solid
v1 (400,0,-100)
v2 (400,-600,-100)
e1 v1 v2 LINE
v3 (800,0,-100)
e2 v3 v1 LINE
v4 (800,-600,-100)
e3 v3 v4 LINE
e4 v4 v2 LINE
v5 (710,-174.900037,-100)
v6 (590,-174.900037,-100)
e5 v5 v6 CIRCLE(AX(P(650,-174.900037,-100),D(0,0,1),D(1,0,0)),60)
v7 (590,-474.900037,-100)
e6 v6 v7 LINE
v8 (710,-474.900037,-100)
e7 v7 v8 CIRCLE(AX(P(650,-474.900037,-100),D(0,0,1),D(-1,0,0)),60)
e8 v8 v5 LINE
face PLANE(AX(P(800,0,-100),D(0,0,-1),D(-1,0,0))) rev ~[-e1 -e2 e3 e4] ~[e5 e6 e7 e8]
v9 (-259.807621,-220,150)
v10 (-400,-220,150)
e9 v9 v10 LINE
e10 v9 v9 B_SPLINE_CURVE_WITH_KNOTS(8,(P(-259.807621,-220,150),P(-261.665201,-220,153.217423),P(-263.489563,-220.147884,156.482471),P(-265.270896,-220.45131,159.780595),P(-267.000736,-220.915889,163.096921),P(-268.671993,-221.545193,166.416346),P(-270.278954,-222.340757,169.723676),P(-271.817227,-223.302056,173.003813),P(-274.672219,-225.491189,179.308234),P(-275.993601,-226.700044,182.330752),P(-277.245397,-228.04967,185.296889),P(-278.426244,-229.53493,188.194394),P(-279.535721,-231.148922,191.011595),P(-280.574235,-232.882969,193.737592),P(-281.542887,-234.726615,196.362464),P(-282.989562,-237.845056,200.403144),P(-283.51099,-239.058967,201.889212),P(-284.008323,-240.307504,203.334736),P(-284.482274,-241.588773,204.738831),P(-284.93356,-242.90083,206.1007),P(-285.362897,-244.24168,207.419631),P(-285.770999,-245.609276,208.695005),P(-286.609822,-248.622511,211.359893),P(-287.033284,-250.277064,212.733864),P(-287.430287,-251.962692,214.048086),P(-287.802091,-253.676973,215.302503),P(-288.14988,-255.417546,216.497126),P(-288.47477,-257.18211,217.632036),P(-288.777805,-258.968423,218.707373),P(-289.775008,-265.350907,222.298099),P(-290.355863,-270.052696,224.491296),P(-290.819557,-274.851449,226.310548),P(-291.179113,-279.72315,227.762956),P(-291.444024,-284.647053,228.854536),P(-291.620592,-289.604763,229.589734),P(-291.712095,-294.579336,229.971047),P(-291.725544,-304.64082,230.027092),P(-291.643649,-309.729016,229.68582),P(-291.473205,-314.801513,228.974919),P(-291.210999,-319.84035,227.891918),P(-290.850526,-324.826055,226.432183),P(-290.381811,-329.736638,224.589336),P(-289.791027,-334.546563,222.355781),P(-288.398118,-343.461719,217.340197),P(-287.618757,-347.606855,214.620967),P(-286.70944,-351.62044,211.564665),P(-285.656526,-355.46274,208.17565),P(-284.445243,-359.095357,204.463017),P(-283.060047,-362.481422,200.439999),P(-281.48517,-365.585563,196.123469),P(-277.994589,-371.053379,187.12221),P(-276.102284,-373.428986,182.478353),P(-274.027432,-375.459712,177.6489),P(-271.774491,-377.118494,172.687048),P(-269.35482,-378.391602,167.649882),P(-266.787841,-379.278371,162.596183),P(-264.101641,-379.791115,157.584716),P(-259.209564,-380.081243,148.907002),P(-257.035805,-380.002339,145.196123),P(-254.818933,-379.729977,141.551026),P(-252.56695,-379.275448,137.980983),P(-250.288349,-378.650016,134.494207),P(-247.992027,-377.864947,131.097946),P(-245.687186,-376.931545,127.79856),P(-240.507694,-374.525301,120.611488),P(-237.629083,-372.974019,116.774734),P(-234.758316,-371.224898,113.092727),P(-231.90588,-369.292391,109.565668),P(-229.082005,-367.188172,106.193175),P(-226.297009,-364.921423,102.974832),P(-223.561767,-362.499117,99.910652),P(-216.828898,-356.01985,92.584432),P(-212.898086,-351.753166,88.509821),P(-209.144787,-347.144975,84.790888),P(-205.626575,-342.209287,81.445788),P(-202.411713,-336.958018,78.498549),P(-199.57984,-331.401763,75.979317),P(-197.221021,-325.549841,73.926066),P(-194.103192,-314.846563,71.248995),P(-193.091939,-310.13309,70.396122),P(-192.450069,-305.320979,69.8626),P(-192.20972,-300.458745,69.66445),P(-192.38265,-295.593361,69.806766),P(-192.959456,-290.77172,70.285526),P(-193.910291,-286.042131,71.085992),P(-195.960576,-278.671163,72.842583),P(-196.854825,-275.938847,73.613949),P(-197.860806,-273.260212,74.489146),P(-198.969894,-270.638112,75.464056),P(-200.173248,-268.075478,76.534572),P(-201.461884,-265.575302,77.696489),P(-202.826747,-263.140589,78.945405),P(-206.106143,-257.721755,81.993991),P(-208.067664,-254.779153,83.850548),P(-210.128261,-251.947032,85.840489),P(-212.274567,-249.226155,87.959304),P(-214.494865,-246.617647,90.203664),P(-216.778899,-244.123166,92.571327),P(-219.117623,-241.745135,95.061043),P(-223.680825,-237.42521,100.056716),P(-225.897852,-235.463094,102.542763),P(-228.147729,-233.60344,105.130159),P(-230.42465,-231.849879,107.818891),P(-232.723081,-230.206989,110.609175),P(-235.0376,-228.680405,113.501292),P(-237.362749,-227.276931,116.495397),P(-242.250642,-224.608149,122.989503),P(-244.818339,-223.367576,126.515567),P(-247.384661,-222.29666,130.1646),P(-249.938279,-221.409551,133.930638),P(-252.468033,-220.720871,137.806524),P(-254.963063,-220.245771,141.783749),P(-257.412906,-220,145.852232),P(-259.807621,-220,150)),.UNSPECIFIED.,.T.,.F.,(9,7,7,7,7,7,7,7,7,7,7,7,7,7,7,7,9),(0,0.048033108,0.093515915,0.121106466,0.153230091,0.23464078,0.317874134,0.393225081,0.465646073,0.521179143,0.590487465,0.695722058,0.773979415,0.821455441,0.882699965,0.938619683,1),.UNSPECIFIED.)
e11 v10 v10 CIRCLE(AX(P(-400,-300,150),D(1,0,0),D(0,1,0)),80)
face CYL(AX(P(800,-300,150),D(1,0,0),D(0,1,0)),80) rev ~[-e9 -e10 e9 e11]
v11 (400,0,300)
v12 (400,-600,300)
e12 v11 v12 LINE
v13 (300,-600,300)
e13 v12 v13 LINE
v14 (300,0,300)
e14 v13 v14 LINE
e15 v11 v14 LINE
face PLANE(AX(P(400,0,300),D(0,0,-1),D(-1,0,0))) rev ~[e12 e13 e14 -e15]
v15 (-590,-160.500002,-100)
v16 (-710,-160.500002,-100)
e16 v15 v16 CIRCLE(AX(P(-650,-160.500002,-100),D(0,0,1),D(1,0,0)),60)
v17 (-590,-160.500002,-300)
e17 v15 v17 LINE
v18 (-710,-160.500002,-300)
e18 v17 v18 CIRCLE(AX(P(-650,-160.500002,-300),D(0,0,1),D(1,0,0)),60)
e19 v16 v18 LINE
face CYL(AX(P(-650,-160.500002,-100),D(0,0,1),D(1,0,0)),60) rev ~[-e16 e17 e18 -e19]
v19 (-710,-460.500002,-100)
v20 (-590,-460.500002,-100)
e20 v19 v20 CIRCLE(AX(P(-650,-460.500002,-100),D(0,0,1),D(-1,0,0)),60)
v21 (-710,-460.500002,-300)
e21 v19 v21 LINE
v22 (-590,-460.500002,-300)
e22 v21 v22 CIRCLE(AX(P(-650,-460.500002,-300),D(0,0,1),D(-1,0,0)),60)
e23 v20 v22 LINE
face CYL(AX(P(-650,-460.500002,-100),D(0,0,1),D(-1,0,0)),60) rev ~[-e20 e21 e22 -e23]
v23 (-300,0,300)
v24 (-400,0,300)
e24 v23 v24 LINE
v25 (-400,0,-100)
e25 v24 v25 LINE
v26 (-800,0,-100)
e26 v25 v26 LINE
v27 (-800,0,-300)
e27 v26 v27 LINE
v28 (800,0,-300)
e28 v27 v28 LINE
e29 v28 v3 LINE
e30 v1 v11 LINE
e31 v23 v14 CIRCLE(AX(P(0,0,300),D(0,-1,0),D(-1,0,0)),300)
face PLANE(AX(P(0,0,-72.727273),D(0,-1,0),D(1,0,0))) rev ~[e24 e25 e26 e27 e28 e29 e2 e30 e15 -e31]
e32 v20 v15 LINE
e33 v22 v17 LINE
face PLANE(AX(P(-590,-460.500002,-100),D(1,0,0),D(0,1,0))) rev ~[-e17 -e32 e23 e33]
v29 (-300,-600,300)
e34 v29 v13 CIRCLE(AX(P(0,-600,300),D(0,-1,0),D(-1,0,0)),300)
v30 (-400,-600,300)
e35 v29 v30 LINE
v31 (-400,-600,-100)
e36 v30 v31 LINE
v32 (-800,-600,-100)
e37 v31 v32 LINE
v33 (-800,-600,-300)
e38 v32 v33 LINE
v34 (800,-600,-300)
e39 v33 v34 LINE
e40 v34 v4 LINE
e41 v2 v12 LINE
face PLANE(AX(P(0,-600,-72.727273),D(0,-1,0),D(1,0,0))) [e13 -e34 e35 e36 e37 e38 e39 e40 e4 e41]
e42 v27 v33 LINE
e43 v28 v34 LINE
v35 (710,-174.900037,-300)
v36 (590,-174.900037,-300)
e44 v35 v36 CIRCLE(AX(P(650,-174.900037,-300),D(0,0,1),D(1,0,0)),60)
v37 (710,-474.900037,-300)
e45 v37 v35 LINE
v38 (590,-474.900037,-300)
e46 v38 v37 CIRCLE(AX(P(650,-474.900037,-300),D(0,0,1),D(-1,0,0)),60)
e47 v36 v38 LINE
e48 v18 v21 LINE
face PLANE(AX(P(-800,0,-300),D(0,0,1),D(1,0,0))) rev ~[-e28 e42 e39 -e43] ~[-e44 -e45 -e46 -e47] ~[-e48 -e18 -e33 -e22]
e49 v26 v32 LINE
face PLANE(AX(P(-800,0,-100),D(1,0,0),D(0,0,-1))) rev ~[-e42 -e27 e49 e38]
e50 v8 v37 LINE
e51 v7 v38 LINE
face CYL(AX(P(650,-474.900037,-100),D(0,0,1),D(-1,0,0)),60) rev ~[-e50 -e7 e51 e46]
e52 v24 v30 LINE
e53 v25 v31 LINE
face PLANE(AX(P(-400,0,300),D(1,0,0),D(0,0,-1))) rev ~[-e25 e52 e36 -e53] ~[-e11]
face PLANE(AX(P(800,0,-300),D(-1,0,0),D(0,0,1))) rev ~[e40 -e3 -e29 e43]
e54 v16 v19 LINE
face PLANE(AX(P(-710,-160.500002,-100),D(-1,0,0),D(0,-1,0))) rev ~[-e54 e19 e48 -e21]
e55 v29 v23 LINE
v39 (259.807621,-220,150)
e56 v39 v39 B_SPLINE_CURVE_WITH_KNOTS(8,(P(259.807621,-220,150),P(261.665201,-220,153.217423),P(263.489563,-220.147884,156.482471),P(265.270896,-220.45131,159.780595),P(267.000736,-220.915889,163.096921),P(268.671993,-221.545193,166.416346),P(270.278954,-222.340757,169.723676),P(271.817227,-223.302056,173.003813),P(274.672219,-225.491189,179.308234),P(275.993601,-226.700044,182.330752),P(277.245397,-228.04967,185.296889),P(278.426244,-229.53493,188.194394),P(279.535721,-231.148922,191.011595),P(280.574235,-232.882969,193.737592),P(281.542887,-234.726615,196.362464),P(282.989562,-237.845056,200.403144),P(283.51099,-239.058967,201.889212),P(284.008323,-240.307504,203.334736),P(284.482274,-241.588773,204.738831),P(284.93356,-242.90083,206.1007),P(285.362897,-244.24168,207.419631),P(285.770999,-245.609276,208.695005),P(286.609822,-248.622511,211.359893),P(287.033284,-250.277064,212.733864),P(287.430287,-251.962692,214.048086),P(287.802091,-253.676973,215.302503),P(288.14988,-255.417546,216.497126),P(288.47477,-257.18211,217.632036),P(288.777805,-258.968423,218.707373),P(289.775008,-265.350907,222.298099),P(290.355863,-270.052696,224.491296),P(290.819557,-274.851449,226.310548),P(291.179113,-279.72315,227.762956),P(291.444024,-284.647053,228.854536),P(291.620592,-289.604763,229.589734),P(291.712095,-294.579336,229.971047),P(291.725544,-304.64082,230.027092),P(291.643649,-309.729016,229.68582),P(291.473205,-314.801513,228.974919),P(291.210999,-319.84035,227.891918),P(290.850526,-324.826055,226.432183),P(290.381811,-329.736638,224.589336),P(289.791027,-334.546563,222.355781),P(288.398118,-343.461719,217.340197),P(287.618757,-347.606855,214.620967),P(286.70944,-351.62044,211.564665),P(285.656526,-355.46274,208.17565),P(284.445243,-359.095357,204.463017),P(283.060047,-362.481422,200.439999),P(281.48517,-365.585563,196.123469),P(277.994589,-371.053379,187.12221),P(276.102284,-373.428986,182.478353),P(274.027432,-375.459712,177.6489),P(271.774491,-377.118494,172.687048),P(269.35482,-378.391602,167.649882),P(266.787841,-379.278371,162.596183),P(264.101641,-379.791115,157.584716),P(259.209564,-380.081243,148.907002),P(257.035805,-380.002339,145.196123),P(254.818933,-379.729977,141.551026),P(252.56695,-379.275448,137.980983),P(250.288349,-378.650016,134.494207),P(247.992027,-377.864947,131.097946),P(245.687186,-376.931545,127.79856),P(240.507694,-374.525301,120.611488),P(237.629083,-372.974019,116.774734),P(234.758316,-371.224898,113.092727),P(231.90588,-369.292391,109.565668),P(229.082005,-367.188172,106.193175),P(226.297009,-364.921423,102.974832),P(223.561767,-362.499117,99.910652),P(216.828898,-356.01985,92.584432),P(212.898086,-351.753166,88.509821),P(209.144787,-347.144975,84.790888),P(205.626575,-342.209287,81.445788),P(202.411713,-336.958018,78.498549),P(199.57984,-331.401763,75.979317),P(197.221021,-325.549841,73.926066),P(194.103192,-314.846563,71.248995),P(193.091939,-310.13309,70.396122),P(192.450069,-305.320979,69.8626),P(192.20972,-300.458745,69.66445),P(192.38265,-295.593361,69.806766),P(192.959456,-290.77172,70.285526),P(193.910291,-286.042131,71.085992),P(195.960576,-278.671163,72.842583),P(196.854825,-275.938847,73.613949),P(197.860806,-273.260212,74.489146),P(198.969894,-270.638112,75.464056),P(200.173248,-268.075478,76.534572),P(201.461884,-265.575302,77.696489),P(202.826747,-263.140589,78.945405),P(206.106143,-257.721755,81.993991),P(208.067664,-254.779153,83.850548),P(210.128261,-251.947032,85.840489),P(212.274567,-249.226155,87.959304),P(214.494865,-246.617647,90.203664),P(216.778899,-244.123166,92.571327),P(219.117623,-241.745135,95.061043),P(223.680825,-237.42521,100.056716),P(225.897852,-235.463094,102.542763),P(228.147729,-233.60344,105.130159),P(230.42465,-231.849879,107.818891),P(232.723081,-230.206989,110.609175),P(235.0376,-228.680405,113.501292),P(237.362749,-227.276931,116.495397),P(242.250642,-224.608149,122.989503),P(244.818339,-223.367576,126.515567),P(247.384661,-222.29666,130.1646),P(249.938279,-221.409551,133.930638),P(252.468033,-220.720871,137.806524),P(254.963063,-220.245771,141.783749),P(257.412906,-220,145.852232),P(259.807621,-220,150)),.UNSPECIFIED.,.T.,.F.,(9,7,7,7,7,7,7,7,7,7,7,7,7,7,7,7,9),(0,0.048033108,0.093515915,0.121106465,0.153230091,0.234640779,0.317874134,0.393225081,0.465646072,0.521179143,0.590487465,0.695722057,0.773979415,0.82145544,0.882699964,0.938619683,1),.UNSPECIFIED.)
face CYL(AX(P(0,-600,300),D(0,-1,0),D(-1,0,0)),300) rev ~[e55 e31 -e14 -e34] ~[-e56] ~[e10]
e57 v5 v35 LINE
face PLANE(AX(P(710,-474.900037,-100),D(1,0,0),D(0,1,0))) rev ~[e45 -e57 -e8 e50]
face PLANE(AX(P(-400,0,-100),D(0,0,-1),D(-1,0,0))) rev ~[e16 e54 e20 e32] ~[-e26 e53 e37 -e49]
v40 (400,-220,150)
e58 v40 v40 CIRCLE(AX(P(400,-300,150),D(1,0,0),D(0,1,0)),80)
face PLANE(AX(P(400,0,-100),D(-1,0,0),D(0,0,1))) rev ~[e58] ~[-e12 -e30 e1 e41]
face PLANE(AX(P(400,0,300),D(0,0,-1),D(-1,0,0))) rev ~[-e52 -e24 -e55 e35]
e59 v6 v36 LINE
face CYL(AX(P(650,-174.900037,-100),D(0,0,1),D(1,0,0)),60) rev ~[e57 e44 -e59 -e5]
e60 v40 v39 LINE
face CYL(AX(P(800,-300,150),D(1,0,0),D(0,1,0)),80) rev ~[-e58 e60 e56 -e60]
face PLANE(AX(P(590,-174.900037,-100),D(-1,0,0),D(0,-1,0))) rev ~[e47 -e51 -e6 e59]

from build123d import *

# Parameters (mm, degrees)
F1_DEPTH = 600
F3_DEPTH = 600.001
F4_R     = 80
F5_DEPTH = 1600.001
F7_DEPTH = 200.001


with BuildPart() as f1:
    # F0 (on Front) → F1 (new body)
    with BuildSketch(Plane.XZ):
        Polygon((-800, -100), (-800, -300), (800, -300), (800, -100), (400, -100), (400, 300), (-400, 300), (-400, -100), align=None)
    extrude(amount=F1_DEPTH)

    # F2 (on face) → F3 (cut, through all)
    with BuildSketch(Plane.XZ.offset(600)):
        with BuildLine():
            Line((300, 300), (-300, 300))
            ThreePointArc((-300, 300), (0, 0), (300, 300))
        make_face()
    extrude(amount=-F3_DEPTH, mode=Mode.SUBTRACT)

    # F4 (on face) → F5 (cut, through all)
    with BuildSketch(Plane.YZ.offset(800)):
        with Locations((-300, 150)):
            Circle(F4_R)
    extrude(amount=-F5_DEPTH, mode=Mode.SUBTRACT)

    # F6 (on face) → F7 (cut, through all)
    with BuildSketch(Plane.XY.offset(-100)):
        with BuildLine():
            Line((590, -174.900037), (590, -474.900037))
            ThreePointArc((590, -474.900037), (650, -534.900037), (710, -474.900037))
            Line((710, -474.900037), (710, -174.900037))
            ThreePointArc((710, -174.900037), (650, -114.900037), (590, -174.900037))
        make_face()
        with BuildLine():
            Line((-710, -160.500002), (-710, -460.500002))
            ThreePointArc((-710, -460.500002), (-650, -520.500002), (-590, -460.500002))
            Line((-590, -460.500002), (-590, -160.500002))
            ThreePointArc((-590, -160.500002), (-650, -100.500002), (-710, -160.500002))
        make_face()
    extrude(amount=-F7_DEPTH, mode=Mode.SUBTRACT)


solid = f1.part
